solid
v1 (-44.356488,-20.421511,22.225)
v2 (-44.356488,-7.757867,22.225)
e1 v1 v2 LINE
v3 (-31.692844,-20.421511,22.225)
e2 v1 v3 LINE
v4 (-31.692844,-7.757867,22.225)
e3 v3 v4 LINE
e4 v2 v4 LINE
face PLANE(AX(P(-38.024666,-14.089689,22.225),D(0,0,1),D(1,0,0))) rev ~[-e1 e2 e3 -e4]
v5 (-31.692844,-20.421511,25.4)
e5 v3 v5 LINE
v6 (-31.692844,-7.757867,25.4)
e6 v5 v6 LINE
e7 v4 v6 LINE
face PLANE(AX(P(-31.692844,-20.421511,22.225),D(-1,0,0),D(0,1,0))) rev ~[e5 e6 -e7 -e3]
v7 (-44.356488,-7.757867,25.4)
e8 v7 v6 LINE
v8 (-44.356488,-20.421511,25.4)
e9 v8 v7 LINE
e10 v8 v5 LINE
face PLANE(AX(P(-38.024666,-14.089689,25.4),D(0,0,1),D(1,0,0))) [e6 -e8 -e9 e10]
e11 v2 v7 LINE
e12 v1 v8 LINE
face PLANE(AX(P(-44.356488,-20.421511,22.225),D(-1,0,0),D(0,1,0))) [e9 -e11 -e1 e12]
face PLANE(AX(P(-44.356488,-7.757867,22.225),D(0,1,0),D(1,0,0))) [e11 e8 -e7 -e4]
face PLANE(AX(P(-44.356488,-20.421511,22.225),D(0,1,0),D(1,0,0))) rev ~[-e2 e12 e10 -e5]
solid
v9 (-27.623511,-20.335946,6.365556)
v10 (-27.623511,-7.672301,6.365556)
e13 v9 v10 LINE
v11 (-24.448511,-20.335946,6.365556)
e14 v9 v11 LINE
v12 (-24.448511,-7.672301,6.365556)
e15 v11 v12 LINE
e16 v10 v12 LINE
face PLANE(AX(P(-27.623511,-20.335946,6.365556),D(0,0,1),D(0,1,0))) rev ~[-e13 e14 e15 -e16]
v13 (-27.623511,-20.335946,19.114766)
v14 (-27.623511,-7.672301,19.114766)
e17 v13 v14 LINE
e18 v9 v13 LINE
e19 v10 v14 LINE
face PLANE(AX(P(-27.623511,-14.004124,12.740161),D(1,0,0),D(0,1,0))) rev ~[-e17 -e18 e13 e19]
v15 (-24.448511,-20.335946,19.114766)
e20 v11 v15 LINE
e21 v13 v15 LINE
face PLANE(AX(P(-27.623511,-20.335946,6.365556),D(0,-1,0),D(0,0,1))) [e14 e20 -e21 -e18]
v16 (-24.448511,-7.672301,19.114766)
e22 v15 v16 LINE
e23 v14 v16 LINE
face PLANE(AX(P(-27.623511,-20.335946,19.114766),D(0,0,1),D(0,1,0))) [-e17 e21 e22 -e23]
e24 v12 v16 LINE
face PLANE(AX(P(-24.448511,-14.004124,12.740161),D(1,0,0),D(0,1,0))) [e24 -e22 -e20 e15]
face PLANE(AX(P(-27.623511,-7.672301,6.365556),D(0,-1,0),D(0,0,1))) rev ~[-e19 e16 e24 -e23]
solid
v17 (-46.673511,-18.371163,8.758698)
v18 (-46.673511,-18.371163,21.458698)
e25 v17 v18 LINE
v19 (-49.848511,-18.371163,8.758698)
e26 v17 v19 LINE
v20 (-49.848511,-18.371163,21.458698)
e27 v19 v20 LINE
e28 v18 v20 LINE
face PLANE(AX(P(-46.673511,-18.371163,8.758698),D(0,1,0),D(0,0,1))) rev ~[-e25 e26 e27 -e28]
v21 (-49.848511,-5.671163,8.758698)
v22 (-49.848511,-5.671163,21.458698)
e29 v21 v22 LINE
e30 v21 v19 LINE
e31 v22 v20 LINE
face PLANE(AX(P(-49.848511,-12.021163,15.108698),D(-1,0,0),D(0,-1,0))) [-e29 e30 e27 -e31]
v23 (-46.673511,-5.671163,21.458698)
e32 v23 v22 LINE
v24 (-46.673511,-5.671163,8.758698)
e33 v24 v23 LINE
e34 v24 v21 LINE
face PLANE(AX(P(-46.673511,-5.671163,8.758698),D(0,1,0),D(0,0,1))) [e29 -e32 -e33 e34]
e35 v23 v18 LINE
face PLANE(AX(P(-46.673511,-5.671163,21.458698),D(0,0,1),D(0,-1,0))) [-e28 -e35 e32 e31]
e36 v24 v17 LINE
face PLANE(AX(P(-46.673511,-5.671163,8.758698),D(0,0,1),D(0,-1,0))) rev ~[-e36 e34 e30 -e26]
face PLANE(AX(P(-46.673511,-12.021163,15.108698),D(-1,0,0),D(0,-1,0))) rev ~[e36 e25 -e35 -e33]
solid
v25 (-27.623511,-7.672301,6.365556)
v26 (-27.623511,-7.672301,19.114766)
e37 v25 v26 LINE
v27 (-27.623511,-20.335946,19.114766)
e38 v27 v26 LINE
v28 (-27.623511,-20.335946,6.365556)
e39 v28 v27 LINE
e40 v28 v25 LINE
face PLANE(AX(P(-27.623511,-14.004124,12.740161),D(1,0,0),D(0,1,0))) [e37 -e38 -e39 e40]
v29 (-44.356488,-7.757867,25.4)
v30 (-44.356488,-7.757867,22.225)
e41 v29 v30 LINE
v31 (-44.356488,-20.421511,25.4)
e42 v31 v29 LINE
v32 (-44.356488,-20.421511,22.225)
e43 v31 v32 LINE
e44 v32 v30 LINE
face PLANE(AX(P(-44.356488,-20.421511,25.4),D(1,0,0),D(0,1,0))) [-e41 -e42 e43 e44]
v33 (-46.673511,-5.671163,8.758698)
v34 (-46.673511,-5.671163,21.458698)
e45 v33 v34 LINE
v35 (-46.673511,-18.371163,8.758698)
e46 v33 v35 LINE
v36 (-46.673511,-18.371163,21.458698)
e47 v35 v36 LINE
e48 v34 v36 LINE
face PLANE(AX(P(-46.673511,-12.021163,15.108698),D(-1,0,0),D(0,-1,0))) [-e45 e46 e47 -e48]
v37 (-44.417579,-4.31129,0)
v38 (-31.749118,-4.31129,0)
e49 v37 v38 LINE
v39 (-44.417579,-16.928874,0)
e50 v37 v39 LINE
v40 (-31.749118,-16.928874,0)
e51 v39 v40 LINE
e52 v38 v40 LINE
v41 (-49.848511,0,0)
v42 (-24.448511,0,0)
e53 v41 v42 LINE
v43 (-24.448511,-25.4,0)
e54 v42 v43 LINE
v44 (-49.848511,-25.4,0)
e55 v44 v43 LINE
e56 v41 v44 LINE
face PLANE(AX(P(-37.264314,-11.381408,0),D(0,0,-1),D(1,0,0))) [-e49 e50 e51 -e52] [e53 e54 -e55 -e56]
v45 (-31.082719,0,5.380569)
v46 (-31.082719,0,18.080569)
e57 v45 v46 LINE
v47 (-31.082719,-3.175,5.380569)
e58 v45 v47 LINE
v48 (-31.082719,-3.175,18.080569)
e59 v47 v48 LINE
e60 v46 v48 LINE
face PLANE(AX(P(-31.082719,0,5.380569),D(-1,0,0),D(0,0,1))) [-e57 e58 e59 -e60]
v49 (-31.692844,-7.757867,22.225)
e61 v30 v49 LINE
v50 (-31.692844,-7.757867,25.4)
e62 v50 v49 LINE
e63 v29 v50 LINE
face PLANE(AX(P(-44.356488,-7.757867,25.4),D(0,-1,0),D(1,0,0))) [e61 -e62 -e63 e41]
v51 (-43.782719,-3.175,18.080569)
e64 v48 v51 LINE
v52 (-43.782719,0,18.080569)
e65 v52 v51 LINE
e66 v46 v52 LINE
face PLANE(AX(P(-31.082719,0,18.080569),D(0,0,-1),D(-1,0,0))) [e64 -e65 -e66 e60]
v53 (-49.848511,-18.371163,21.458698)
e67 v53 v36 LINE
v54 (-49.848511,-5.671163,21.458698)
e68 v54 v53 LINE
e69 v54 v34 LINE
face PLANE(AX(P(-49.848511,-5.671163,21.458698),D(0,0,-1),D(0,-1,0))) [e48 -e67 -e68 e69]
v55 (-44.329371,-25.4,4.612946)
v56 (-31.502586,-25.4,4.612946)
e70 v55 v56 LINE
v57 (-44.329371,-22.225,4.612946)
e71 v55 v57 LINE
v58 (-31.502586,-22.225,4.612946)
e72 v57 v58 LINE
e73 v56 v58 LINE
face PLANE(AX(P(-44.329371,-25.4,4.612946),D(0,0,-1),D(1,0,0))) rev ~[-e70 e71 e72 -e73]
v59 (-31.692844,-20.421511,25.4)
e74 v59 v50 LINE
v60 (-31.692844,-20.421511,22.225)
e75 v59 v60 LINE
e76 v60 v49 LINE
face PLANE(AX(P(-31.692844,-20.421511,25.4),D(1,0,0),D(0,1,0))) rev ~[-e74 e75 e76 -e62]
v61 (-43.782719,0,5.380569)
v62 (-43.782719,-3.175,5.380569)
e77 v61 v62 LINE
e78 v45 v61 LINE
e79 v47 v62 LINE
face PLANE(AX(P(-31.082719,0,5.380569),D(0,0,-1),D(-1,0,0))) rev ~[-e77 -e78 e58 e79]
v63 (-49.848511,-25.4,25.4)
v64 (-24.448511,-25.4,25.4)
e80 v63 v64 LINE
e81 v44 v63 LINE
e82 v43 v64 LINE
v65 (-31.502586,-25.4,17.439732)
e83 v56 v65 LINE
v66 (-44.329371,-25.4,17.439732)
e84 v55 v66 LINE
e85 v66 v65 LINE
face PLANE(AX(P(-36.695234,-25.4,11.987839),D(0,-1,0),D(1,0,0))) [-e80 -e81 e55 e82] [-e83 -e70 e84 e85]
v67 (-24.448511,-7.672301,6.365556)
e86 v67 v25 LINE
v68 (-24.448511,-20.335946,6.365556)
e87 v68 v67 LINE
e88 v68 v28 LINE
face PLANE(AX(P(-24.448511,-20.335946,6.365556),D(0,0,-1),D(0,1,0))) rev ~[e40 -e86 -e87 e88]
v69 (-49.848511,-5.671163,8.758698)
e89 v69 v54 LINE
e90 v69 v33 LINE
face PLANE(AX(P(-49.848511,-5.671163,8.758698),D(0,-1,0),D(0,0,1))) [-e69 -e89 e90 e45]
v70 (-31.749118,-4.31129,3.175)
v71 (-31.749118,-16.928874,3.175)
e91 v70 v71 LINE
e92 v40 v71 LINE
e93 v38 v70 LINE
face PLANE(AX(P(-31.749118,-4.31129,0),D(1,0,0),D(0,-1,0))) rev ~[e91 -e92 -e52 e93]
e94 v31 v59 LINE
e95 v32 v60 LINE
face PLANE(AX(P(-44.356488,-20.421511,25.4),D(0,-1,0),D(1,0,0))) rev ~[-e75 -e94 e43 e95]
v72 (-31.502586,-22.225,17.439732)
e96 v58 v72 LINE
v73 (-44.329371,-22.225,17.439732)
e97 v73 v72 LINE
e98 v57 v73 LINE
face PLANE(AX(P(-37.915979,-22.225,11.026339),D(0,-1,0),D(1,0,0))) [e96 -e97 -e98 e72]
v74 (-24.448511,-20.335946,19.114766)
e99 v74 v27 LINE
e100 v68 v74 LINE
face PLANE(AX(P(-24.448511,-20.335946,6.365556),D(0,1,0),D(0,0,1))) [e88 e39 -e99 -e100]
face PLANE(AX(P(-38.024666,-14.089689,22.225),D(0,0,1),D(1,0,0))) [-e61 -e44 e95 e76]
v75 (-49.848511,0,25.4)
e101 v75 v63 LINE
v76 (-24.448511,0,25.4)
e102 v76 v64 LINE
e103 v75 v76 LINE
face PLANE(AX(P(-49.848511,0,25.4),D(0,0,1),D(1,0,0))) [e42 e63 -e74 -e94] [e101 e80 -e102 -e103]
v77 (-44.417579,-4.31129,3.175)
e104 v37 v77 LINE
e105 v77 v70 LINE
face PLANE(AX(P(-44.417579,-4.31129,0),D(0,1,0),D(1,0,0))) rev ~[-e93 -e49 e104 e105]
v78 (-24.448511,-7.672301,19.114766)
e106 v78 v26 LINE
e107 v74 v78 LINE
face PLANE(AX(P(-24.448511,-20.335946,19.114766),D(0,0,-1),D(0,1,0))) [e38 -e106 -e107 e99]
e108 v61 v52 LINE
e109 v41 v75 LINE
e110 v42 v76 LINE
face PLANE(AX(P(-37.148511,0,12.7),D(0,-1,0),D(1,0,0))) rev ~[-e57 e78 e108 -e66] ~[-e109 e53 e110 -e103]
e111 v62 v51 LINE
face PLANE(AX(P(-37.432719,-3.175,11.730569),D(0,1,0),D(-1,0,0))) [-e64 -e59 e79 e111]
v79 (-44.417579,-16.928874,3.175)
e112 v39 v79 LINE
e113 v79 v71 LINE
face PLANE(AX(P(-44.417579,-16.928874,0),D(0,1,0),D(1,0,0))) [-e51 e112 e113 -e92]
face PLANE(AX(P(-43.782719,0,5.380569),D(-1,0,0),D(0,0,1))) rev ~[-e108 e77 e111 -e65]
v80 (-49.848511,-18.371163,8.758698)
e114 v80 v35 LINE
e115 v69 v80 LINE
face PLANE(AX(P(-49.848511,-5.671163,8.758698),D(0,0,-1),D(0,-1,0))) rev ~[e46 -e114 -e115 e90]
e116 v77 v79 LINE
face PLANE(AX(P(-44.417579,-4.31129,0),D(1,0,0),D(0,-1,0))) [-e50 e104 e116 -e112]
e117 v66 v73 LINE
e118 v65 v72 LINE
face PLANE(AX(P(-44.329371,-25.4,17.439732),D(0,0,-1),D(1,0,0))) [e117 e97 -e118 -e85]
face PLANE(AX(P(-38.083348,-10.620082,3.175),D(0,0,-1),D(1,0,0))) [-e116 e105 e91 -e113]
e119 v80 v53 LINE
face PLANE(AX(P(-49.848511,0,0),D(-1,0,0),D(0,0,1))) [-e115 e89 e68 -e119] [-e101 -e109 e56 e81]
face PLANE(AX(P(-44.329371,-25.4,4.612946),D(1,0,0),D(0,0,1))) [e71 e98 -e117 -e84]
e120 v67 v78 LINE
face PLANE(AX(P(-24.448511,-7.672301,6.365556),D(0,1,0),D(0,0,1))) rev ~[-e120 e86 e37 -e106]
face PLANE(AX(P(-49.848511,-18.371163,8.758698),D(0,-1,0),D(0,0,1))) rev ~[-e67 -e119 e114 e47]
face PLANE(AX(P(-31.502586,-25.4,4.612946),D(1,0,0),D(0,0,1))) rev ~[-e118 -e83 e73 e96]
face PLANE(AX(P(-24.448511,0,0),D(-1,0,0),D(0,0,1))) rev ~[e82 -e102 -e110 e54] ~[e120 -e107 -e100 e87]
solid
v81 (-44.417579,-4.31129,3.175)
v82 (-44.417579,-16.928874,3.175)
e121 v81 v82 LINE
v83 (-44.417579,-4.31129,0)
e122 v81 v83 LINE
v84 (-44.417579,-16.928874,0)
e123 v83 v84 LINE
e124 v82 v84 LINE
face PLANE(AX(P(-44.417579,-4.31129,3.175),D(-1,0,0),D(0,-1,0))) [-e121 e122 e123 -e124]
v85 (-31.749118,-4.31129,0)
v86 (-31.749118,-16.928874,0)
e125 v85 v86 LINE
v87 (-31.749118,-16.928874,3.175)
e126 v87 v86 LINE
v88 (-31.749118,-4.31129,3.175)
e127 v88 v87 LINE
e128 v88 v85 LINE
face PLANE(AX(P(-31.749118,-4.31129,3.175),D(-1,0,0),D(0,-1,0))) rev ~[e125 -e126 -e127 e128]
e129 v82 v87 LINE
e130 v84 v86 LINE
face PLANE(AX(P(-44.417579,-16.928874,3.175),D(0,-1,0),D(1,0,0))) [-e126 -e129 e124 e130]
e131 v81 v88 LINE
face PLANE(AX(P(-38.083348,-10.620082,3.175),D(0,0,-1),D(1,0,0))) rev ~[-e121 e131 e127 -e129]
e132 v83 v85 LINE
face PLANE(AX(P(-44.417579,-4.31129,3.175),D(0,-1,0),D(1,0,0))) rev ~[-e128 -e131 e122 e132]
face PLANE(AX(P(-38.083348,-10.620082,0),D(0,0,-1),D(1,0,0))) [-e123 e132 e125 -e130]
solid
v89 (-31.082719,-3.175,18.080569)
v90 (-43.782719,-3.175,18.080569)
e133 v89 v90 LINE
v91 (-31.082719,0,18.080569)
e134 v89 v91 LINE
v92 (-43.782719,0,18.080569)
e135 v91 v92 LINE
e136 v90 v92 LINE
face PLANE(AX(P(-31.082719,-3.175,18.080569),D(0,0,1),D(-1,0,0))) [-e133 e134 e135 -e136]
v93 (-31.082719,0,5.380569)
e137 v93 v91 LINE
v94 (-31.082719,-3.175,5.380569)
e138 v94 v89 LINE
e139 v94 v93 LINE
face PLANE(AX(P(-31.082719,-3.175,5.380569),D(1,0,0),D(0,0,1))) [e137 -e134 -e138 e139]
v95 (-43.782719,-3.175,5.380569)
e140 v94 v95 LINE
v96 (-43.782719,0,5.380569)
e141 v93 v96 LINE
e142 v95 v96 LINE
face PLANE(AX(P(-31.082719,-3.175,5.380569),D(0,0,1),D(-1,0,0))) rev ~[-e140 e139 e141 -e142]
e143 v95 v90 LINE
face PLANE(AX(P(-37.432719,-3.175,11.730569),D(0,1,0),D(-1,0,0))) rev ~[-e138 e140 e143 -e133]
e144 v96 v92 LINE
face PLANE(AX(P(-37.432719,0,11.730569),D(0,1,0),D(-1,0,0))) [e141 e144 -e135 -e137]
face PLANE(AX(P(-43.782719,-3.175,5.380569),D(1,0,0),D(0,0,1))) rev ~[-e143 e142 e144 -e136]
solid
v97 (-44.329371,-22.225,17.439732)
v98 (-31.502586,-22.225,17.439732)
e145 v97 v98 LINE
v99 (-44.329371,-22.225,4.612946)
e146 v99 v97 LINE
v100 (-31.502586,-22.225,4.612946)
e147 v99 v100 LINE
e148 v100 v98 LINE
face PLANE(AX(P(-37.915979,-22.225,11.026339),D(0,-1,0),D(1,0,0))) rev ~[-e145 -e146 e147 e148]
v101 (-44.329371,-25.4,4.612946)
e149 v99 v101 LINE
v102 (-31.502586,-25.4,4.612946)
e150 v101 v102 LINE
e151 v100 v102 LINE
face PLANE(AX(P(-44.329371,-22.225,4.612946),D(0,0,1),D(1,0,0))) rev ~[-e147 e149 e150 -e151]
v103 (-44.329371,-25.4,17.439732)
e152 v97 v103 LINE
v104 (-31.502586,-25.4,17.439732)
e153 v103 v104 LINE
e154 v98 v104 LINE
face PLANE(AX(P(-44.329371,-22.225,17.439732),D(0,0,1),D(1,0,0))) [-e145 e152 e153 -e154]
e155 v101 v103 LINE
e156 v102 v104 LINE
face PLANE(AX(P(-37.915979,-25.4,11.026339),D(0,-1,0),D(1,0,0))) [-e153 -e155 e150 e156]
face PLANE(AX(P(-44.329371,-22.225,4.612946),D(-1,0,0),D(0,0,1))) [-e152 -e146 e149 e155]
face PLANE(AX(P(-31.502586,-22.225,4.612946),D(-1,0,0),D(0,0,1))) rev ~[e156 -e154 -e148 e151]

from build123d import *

# Parameters (mm, degrees)
F0_W      = 25.4
F0_H      = 25.4
F1_DEPTH  = 25.4
F2_W      = 12.7
F2_H      = 12.7
F3_DEPTH  = 3.175
F4_W      = 12.7
F4_H      = 12.7
F5_DEPTH  = 3.175
F6_W      = 12.7
F6_H      = 12.7
F7_DEPTH  = 3.175
F8_W      = 12.7
F8_H      = 12.7
F9_DEPTH  = 3.175
F10_W     = 12.7
F10_H     = 12.7
F11_DEPTH = 3.175
F12_W     = 12.7
F12_H     = 12.7
F13_DEPTH = 3.175
F15_W     = 12.7
F15_H     = 12.7
F16_DEPTH = 3.175
F17_W     = 12.6634519547
F17_H     = 12.7354045399
F18_DEPTH = 3.175
F19_DEPTH = 3.175
F20_W     = 12.6684606075
F20_H     = 12.6175838523
F21_DEPTH = 3.175
F22_W     = 12.6684606075
F22_H     = 12.6175838523
F23_DEPTH = 3.175
F24_W     = 12.6636438072
F24_H     = 12.6636438072
F25_DEPTH = 3.175
F26_W     = 12.6636447385
F26_H     = 12.7492104657
F27_DEPTH = 3.175
F28_W     = 12.8267854452
F28_H     = 12.8267859109
F29_DEPTH = 3.175
F30_W     = 12.6636447385
F30_H     = 12.7492104657
F31_DEPTH = 3.175
F32_W     = 12.8267854452
F32_H     = 12.8267859109
F33_DEPTH = 3.175
F34_W     = 12.6636438072
F34_H     = 12.6636438072
F35_DEPTH = 3.175


with BuildPart() as f1:
    # F0 (on Front) → F1 (new body)
    with BuildSketch(Plane.XZ):
        with Locations((-37.148510812, 12.7)):
            Rectangle(F0_W, F0_H)
    extrude(amount=F1_DEPTH)

    # F2 (on face) → F3 (cut)
    with BuildSketch(Plane.XZ.offset(25.4)):
        with Locations((-36.6952344775, 11.9878393746)):
            Rectangle(F2_W, F2_H)
    extrude(amount=-F3_DEPTH, mode=Mode.SUBTRACT)

    # F4 (on face) → F5 (cut)
    with BuildSketch(Plane(origin=(-49.848510812, 0, 0), x_dir=(0, -1, 0), z_dir=(-1, 0, 0))):
        with Locations((12.02116278, 15.1086977403)):
            Rectangle(F4_W, F4_H)
    extrude(amount=-F5_DEPTH, mode=Mode.SUBTRACT)

    # F6 (on face) → F7 (cut)
    with BuildSketch(Plane(origin=(0, 0, 0), x_dir=(-1, 0, 0), z_dir=(0, 1, 0))):
        with Locations((37.432719022, 11.7305689754)):
            Rectangle(F6_W, F6_H)
    extrude(amount=-F7_DEPTH, mode=Mode.SUBTRACT)

    # F10 (on face) → F11 (join)
    with BuildSketch(Plane.XZ.offset(22.225)):
        with Locations((-36.6952344775, 11.9878393746)):
            Rectangle(F10_W, F10_H)
    extrude(amount=F11_DEPTH)

    # F17 (on face) → F18 (cut)
    with BuildSketch(Plane(origin=(0, 0, 0), x_dir=(1, 0, 0), z_dir=(0, 0, -1))):
        with Locations((-37.2643144801, 11.3814079668)):
            Rectangle(F17_W, F17_H)
    extrude(amount=-F18_DEPTH, mode=Mode.SUBTRACT)

    # F19 (add): a face of the model
    f19_faces = [f1.faces().sort_by_distance(p)[0] for p in [
        (-37.2643144801, -11.3814079668, 3.175),
    ]]
    extrude(f19_faces, amount=F19_DEPTH)

    # F20 (on face) → F21 (cut)
    with BuildSketch(Plane(origin=(0, 0, 0), x_dir=(1, 0, 0), z_dir=(0, 0, -1))):
        with Locations((-38.0833484232, 10.6200820301)):
            Rectangle(F20_W, F20_H)
    extrude(amount=-F21_DEPTH, mode=Mode.SUBTRACT)

    # F24 (on face) → F25 (cut)
    with BuildSketch(Plane.XY.offset(25.4)):
        with Locations((-38.0246657878, -14.0896886587)):
            Rectangle(F24_W, F24_H)
    extrude(amount=-F25_DEPTH, mode=Mode.SUBTRACT)

    # F26 (on face) → F27 (cut)
    with BuildSketch(Plane.YZ.offset(-24.448510812)):
        with Locations((-14.0041238628, 12.7401610371)):
            Rectangle(F26_W, F26_H)
    extrude(amount=-F27_DEPTH, mode=Mode.SUBTRACT)

    # F28 (on face) → F29 (cut)
    with BuildSketch(Plane.XZ.offset(25.4)):
        with Locations((-37.9159785807, 11.0263393726)):
            Rectangle(F28_W, F28_H)
    extrude(amount=-F29_DEPTH, mode=Mode.SUBTRACT)


with BuildPart() as f9:
    # F8 (on face) → F9 (new body)
    with BuildSketch(Plane(origin=(0, -3.175, 0), x_dir=(-1, 0, 0), z_dir=(0, 1, 0))):
        with Locations((37.432719022, 11.7305689754)):
            Rectangle(F8_W, F8_H)
    extrude(amount=F9_DEPTH)


with BuildPart() as f13:
    # F12 (on face) → F13 (new body)
    with BuildSketch(Plane(origin=(-49.848510812, 0, 0), x_dir=(0, -1, 0), z_dir=(-1, 0, 0))):
        with Locations((12.02116278, 15.1086977403)):
            Rectangle(F12_W, F12_H)
    extrude(amount=F13_DEPTH)


with BuildPart() as f16:
    # F15 (on face) → F16 (new body)
    with BuildSketch(Plane(origin=(-46.673510812, 0, 0), x_dir=(0, -1, 0), z_dir=(-1, 0, 0))):
        with Locations((12.02116278, 15.1086977403)):
            Rectangle(F15_W, F15_H)
    extrude(amount=F16_DEPTH)


with BuildPart() as f23:
    # F22 (on face) → F23 (new body)
    with BuildSketch(Plane(origin=(0, 0, 3.175), x_dir=(1, 0, 0), z_dir=(0, 0, -1))):
        with Locations((-38.0833484232, 10.6200820301)):
            Rectangle(F22_W, F22_H)
    extrude(amount=F23_DEPTH)


with BuildPart() as f31:
    # F30 (on face) → F31 (new body)
    with BuildSketch(Plane.YZ.offset(-27.623510812)):
        with Locations((-14.0041238628, 12.7401610371)):
            Rectangle(F30_W, F30_H)
    extrude(amount=F31_DEPTH)


with BuildPart() as f33:
    # F32 (on face) → F33 (new body)
    with BuildSketch(Plane.XZ.offset(22.225)):
        with Locations((-37.9159785807, 11.0263393726)):
            Rectangle(F32_W, F32_H)
    extrude(amount=F33_DEPTH)


with BuildPart() as f35:
    # F34 (on face) → F35 (new body)
    with BuildSketch(Plane.XY.offset(22.225)):
        with Locations((-38.0246657878, -14.0896886587)):
            Rectangle(F34_W, F34_H)
    extrude(amount=F35_DEPTH)


solid = Compound([f1.part, f9.part, f16.part, f23.part, f31.part, f33.part, f35.part])
